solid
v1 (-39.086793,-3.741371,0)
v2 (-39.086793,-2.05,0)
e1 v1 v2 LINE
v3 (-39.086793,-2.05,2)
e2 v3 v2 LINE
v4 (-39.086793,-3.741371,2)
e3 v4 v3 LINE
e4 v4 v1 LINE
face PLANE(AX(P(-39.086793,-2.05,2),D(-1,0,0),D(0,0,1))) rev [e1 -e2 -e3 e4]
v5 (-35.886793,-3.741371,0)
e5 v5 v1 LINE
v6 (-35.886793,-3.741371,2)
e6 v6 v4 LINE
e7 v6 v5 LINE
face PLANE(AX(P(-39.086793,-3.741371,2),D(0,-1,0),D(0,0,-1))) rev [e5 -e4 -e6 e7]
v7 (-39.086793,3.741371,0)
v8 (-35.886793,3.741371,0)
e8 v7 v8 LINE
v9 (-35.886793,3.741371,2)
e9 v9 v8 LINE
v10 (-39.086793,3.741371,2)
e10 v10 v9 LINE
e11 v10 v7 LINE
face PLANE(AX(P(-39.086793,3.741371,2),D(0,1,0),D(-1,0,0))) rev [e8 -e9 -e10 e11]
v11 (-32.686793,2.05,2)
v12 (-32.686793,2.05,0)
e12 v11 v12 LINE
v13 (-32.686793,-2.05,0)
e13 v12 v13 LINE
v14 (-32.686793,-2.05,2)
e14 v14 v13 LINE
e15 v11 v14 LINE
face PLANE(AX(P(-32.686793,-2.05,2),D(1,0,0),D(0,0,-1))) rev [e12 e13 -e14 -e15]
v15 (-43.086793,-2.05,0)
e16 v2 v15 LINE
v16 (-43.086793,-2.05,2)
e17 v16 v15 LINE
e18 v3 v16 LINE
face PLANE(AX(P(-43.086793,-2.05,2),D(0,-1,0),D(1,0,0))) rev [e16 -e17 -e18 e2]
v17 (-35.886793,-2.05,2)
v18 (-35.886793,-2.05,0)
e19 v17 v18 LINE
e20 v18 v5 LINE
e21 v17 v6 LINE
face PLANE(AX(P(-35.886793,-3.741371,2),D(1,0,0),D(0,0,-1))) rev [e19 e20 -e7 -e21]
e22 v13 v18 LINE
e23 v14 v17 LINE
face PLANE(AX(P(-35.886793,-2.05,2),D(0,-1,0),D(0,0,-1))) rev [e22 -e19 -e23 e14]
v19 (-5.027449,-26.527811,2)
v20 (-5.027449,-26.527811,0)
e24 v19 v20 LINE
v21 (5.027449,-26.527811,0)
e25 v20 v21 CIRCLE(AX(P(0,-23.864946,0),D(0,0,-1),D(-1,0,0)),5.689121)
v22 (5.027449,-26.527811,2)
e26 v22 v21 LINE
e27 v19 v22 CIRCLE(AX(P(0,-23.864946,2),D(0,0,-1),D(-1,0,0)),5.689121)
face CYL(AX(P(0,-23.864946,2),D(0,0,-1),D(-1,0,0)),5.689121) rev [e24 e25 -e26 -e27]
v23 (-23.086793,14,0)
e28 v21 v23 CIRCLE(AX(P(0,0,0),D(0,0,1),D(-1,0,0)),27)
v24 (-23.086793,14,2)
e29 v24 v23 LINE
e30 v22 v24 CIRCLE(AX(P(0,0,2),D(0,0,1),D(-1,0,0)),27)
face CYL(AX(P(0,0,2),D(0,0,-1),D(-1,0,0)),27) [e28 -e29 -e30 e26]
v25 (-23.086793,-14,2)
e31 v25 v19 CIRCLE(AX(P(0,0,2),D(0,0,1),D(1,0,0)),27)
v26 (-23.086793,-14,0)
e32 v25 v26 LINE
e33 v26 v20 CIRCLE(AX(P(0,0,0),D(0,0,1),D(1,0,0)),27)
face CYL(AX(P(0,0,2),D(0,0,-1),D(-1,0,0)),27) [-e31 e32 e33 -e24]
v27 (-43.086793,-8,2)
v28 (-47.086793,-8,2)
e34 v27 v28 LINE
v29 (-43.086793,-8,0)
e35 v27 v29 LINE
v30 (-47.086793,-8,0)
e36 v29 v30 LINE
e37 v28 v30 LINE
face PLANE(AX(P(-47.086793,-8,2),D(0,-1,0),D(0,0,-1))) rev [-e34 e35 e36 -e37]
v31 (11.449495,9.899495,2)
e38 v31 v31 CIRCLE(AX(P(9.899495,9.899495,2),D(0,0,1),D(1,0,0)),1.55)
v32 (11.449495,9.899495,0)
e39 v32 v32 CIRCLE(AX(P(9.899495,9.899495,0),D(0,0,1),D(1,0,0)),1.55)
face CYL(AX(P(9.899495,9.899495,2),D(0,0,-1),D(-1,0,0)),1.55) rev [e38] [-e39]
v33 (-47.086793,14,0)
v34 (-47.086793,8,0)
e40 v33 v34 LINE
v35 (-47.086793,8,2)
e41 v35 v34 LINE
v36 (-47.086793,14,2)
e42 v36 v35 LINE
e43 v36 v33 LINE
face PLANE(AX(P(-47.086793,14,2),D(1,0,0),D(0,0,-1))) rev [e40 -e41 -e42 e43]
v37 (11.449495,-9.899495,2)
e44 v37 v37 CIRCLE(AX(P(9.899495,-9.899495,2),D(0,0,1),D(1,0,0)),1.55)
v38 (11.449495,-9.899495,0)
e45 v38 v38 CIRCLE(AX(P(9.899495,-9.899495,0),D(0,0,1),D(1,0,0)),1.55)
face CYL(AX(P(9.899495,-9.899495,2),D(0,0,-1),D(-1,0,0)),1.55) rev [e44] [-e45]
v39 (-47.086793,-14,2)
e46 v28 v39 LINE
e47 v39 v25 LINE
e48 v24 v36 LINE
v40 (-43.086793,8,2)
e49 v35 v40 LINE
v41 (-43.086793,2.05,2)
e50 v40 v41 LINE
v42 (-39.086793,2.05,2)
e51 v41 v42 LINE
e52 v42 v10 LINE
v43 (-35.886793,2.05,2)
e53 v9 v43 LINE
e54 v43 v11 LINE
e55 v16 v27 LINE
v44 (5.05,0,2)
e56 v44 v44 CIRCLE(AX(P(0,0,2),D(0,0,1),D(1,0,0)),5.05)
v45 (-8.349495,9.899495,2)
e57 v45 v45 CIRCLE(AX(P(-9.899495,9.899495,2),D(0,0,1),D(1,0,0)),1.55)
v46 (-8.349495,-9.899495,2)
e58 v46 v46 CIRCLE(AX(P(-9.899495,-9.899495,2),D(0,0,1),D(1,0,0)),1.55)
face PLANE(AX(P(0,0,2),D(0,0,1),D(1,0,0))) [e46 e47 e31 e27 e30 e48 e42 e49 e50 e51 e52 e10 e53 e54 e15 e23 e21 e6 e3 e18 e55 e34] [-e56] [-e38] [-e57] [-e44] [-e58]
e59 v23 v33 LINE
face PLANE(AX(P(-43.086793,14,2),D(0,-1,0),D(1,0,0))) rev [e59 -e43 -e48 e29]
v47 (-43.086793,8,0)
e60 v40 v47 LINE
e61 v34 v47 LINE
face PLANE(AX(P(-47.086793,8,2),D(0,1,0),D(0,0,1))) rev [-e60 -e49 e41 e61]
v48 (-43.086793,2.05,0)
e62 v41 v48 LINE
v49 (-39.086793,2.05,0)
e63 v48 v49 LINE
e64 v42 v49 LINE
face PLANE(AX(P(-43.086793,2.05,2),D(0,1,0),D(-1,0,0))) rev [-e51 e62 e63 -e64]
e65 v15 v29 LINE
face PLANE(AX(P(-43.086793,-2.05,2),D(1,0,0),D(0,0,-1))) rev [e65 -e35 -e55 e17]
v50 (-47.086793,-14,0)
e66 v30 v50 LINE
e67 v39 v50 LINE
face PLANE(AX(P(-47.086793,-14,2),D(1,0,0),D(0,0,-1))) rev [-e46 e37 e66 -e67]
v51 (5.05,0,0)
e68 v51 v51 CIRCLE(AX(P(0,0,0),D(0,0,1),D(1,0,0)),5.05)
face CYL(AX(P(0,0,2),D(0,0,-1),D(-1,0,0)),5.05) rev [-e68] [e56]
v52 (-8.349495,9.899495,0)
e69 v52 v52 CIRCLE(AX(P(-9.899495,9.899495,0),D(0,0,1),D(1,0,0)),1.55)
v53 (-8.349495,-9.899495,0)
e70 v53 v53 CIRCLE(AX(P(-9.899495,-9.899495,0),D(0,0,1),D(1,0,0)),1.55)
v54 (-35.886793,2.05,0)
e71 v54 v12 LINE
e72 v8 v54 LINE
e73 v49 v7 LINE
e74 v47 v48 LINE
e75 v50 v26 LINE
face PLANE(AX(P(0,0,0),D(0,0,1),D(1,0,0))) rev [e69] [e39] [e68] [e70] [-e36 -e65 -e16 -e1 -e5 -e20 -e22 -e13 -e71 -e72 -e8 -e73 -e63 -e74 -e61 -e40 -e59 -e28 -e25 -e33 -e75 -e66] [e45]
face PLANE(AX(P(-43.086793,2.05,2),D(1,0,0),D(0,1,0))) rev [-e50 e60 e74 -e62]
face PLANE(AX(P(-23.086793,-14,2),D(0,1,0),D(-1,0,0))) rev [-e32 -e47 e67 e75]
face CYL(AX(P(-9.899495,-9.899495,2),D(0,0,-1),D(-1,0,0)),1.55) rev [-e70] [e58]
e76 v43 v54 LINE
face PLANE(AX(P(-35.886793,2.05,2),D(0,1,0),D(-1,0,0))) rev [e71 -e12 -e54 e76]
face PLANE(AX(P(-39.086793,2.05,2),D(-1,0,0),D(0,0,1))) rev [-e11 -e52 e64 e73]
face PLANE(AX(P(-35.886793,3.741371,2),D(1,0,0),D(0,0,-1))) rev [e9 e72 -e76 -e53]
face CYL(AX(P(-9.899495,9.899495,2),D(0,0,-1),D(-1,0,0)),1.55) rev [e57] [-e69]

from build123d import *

# Parameters (mm, degrees)
SKETCH_1_R      = 5.05
SKETCH_1_R_2    = 1.55
EXTRUDE_1_DEPTH = 2


with BuildPart() as part:
    # 草图1 → 凸台-拉伸1 (new body)
    with BuildSketch(Plane.XY):
        with BuildLine():
            Line((-23.086792761, -14), (-43.086792761, -14))
            Line((-43.086792761, -14), (-47.086792761, -14))
            Line((-47.086792761, -14), (-47.086792761, -8))
            Line((-47.086792761, -8), (-43.086792761, -8))
            Line((-43.086792761, -8), (-43.086792761, -2.05))
            Line((-43.086792761, -2.05), (-39.086792761, -2.05))
            Line((-39.086792761, -2.05), (-39.086792761, -3.741370628))
            Line((-39.086792761, -3.741370628), (-35.886792761, -3.741370628))
            Line((-35.886792761, -3.741370628), (-35.886792761, -2.05))
            Line((-35.886792761, -2.05), (-32.686792761, -2.05))
            Line((-32.686792761, -2.05), (-32.686792761, 2.05))
            Line((-32.686792761, 2.05), (-35.886792761, 2.05))
            Line((-35.886792761, 2.05), (-35.886792761, 3.741370628))
            Line((-35.886792761, 3.741370628), (-39.086792761, 3.741370628))
            Line((-39.086792761, 3.741370628), (-39.086792761, 2.05))
            Line((-39.086792761, 2.05), (-43.086792761, 2.05))
            Line((-43.086792761, 2.05), (-43.086792761, 8))
            Line((-43.086792761, 8), (-47.086792761, 8))
            Line((-47.086792761, 8), (-47.086792761, 14))
            Line((-47.086792761, 14), (-43.086792761, 14))
            Line((-43.086792761, 14), (-23.086792761, 14))
            ThreePointArc((-23.086792761, 14), (22.184698295, 15.389579642), (5.027449154, -26.527810973))
            ThreePointArc((5.027449154, -26.527810973), (0, -18.175825951), (-5.027449154, -26.527810973))
            ThreePointArc((-5.027449154, -26.527810973), (-15.389579642, -22.184698295), (-23.086792761, -14))
        make_face()
        Circle(SKETCH_1_R, mode=Mode.SUBTRACT)
        with Locations((-9.899494937, -9.899494937)):
            Circle(SKETCH_1_R_2, mode=Mode.SUBTRACT)
        with Locations((-9.899494937, 9.899494937)):
            Circle(SKETCH_1_R_2, mode=Mode.SUBTRACT)
        with Locations((9.899494937, 9.899494937)):
            Circle(SKETCH_1_R_2, mode=Mode.SUBTRACT)
        with Locations((9.899494937, -9.899494937)):
            Circle(SKETCH_1_R_2, mode=Mode.SUBTRACT)
    extrude(amount=EXTRUDE_1_DEPTH)


solid = part.part
